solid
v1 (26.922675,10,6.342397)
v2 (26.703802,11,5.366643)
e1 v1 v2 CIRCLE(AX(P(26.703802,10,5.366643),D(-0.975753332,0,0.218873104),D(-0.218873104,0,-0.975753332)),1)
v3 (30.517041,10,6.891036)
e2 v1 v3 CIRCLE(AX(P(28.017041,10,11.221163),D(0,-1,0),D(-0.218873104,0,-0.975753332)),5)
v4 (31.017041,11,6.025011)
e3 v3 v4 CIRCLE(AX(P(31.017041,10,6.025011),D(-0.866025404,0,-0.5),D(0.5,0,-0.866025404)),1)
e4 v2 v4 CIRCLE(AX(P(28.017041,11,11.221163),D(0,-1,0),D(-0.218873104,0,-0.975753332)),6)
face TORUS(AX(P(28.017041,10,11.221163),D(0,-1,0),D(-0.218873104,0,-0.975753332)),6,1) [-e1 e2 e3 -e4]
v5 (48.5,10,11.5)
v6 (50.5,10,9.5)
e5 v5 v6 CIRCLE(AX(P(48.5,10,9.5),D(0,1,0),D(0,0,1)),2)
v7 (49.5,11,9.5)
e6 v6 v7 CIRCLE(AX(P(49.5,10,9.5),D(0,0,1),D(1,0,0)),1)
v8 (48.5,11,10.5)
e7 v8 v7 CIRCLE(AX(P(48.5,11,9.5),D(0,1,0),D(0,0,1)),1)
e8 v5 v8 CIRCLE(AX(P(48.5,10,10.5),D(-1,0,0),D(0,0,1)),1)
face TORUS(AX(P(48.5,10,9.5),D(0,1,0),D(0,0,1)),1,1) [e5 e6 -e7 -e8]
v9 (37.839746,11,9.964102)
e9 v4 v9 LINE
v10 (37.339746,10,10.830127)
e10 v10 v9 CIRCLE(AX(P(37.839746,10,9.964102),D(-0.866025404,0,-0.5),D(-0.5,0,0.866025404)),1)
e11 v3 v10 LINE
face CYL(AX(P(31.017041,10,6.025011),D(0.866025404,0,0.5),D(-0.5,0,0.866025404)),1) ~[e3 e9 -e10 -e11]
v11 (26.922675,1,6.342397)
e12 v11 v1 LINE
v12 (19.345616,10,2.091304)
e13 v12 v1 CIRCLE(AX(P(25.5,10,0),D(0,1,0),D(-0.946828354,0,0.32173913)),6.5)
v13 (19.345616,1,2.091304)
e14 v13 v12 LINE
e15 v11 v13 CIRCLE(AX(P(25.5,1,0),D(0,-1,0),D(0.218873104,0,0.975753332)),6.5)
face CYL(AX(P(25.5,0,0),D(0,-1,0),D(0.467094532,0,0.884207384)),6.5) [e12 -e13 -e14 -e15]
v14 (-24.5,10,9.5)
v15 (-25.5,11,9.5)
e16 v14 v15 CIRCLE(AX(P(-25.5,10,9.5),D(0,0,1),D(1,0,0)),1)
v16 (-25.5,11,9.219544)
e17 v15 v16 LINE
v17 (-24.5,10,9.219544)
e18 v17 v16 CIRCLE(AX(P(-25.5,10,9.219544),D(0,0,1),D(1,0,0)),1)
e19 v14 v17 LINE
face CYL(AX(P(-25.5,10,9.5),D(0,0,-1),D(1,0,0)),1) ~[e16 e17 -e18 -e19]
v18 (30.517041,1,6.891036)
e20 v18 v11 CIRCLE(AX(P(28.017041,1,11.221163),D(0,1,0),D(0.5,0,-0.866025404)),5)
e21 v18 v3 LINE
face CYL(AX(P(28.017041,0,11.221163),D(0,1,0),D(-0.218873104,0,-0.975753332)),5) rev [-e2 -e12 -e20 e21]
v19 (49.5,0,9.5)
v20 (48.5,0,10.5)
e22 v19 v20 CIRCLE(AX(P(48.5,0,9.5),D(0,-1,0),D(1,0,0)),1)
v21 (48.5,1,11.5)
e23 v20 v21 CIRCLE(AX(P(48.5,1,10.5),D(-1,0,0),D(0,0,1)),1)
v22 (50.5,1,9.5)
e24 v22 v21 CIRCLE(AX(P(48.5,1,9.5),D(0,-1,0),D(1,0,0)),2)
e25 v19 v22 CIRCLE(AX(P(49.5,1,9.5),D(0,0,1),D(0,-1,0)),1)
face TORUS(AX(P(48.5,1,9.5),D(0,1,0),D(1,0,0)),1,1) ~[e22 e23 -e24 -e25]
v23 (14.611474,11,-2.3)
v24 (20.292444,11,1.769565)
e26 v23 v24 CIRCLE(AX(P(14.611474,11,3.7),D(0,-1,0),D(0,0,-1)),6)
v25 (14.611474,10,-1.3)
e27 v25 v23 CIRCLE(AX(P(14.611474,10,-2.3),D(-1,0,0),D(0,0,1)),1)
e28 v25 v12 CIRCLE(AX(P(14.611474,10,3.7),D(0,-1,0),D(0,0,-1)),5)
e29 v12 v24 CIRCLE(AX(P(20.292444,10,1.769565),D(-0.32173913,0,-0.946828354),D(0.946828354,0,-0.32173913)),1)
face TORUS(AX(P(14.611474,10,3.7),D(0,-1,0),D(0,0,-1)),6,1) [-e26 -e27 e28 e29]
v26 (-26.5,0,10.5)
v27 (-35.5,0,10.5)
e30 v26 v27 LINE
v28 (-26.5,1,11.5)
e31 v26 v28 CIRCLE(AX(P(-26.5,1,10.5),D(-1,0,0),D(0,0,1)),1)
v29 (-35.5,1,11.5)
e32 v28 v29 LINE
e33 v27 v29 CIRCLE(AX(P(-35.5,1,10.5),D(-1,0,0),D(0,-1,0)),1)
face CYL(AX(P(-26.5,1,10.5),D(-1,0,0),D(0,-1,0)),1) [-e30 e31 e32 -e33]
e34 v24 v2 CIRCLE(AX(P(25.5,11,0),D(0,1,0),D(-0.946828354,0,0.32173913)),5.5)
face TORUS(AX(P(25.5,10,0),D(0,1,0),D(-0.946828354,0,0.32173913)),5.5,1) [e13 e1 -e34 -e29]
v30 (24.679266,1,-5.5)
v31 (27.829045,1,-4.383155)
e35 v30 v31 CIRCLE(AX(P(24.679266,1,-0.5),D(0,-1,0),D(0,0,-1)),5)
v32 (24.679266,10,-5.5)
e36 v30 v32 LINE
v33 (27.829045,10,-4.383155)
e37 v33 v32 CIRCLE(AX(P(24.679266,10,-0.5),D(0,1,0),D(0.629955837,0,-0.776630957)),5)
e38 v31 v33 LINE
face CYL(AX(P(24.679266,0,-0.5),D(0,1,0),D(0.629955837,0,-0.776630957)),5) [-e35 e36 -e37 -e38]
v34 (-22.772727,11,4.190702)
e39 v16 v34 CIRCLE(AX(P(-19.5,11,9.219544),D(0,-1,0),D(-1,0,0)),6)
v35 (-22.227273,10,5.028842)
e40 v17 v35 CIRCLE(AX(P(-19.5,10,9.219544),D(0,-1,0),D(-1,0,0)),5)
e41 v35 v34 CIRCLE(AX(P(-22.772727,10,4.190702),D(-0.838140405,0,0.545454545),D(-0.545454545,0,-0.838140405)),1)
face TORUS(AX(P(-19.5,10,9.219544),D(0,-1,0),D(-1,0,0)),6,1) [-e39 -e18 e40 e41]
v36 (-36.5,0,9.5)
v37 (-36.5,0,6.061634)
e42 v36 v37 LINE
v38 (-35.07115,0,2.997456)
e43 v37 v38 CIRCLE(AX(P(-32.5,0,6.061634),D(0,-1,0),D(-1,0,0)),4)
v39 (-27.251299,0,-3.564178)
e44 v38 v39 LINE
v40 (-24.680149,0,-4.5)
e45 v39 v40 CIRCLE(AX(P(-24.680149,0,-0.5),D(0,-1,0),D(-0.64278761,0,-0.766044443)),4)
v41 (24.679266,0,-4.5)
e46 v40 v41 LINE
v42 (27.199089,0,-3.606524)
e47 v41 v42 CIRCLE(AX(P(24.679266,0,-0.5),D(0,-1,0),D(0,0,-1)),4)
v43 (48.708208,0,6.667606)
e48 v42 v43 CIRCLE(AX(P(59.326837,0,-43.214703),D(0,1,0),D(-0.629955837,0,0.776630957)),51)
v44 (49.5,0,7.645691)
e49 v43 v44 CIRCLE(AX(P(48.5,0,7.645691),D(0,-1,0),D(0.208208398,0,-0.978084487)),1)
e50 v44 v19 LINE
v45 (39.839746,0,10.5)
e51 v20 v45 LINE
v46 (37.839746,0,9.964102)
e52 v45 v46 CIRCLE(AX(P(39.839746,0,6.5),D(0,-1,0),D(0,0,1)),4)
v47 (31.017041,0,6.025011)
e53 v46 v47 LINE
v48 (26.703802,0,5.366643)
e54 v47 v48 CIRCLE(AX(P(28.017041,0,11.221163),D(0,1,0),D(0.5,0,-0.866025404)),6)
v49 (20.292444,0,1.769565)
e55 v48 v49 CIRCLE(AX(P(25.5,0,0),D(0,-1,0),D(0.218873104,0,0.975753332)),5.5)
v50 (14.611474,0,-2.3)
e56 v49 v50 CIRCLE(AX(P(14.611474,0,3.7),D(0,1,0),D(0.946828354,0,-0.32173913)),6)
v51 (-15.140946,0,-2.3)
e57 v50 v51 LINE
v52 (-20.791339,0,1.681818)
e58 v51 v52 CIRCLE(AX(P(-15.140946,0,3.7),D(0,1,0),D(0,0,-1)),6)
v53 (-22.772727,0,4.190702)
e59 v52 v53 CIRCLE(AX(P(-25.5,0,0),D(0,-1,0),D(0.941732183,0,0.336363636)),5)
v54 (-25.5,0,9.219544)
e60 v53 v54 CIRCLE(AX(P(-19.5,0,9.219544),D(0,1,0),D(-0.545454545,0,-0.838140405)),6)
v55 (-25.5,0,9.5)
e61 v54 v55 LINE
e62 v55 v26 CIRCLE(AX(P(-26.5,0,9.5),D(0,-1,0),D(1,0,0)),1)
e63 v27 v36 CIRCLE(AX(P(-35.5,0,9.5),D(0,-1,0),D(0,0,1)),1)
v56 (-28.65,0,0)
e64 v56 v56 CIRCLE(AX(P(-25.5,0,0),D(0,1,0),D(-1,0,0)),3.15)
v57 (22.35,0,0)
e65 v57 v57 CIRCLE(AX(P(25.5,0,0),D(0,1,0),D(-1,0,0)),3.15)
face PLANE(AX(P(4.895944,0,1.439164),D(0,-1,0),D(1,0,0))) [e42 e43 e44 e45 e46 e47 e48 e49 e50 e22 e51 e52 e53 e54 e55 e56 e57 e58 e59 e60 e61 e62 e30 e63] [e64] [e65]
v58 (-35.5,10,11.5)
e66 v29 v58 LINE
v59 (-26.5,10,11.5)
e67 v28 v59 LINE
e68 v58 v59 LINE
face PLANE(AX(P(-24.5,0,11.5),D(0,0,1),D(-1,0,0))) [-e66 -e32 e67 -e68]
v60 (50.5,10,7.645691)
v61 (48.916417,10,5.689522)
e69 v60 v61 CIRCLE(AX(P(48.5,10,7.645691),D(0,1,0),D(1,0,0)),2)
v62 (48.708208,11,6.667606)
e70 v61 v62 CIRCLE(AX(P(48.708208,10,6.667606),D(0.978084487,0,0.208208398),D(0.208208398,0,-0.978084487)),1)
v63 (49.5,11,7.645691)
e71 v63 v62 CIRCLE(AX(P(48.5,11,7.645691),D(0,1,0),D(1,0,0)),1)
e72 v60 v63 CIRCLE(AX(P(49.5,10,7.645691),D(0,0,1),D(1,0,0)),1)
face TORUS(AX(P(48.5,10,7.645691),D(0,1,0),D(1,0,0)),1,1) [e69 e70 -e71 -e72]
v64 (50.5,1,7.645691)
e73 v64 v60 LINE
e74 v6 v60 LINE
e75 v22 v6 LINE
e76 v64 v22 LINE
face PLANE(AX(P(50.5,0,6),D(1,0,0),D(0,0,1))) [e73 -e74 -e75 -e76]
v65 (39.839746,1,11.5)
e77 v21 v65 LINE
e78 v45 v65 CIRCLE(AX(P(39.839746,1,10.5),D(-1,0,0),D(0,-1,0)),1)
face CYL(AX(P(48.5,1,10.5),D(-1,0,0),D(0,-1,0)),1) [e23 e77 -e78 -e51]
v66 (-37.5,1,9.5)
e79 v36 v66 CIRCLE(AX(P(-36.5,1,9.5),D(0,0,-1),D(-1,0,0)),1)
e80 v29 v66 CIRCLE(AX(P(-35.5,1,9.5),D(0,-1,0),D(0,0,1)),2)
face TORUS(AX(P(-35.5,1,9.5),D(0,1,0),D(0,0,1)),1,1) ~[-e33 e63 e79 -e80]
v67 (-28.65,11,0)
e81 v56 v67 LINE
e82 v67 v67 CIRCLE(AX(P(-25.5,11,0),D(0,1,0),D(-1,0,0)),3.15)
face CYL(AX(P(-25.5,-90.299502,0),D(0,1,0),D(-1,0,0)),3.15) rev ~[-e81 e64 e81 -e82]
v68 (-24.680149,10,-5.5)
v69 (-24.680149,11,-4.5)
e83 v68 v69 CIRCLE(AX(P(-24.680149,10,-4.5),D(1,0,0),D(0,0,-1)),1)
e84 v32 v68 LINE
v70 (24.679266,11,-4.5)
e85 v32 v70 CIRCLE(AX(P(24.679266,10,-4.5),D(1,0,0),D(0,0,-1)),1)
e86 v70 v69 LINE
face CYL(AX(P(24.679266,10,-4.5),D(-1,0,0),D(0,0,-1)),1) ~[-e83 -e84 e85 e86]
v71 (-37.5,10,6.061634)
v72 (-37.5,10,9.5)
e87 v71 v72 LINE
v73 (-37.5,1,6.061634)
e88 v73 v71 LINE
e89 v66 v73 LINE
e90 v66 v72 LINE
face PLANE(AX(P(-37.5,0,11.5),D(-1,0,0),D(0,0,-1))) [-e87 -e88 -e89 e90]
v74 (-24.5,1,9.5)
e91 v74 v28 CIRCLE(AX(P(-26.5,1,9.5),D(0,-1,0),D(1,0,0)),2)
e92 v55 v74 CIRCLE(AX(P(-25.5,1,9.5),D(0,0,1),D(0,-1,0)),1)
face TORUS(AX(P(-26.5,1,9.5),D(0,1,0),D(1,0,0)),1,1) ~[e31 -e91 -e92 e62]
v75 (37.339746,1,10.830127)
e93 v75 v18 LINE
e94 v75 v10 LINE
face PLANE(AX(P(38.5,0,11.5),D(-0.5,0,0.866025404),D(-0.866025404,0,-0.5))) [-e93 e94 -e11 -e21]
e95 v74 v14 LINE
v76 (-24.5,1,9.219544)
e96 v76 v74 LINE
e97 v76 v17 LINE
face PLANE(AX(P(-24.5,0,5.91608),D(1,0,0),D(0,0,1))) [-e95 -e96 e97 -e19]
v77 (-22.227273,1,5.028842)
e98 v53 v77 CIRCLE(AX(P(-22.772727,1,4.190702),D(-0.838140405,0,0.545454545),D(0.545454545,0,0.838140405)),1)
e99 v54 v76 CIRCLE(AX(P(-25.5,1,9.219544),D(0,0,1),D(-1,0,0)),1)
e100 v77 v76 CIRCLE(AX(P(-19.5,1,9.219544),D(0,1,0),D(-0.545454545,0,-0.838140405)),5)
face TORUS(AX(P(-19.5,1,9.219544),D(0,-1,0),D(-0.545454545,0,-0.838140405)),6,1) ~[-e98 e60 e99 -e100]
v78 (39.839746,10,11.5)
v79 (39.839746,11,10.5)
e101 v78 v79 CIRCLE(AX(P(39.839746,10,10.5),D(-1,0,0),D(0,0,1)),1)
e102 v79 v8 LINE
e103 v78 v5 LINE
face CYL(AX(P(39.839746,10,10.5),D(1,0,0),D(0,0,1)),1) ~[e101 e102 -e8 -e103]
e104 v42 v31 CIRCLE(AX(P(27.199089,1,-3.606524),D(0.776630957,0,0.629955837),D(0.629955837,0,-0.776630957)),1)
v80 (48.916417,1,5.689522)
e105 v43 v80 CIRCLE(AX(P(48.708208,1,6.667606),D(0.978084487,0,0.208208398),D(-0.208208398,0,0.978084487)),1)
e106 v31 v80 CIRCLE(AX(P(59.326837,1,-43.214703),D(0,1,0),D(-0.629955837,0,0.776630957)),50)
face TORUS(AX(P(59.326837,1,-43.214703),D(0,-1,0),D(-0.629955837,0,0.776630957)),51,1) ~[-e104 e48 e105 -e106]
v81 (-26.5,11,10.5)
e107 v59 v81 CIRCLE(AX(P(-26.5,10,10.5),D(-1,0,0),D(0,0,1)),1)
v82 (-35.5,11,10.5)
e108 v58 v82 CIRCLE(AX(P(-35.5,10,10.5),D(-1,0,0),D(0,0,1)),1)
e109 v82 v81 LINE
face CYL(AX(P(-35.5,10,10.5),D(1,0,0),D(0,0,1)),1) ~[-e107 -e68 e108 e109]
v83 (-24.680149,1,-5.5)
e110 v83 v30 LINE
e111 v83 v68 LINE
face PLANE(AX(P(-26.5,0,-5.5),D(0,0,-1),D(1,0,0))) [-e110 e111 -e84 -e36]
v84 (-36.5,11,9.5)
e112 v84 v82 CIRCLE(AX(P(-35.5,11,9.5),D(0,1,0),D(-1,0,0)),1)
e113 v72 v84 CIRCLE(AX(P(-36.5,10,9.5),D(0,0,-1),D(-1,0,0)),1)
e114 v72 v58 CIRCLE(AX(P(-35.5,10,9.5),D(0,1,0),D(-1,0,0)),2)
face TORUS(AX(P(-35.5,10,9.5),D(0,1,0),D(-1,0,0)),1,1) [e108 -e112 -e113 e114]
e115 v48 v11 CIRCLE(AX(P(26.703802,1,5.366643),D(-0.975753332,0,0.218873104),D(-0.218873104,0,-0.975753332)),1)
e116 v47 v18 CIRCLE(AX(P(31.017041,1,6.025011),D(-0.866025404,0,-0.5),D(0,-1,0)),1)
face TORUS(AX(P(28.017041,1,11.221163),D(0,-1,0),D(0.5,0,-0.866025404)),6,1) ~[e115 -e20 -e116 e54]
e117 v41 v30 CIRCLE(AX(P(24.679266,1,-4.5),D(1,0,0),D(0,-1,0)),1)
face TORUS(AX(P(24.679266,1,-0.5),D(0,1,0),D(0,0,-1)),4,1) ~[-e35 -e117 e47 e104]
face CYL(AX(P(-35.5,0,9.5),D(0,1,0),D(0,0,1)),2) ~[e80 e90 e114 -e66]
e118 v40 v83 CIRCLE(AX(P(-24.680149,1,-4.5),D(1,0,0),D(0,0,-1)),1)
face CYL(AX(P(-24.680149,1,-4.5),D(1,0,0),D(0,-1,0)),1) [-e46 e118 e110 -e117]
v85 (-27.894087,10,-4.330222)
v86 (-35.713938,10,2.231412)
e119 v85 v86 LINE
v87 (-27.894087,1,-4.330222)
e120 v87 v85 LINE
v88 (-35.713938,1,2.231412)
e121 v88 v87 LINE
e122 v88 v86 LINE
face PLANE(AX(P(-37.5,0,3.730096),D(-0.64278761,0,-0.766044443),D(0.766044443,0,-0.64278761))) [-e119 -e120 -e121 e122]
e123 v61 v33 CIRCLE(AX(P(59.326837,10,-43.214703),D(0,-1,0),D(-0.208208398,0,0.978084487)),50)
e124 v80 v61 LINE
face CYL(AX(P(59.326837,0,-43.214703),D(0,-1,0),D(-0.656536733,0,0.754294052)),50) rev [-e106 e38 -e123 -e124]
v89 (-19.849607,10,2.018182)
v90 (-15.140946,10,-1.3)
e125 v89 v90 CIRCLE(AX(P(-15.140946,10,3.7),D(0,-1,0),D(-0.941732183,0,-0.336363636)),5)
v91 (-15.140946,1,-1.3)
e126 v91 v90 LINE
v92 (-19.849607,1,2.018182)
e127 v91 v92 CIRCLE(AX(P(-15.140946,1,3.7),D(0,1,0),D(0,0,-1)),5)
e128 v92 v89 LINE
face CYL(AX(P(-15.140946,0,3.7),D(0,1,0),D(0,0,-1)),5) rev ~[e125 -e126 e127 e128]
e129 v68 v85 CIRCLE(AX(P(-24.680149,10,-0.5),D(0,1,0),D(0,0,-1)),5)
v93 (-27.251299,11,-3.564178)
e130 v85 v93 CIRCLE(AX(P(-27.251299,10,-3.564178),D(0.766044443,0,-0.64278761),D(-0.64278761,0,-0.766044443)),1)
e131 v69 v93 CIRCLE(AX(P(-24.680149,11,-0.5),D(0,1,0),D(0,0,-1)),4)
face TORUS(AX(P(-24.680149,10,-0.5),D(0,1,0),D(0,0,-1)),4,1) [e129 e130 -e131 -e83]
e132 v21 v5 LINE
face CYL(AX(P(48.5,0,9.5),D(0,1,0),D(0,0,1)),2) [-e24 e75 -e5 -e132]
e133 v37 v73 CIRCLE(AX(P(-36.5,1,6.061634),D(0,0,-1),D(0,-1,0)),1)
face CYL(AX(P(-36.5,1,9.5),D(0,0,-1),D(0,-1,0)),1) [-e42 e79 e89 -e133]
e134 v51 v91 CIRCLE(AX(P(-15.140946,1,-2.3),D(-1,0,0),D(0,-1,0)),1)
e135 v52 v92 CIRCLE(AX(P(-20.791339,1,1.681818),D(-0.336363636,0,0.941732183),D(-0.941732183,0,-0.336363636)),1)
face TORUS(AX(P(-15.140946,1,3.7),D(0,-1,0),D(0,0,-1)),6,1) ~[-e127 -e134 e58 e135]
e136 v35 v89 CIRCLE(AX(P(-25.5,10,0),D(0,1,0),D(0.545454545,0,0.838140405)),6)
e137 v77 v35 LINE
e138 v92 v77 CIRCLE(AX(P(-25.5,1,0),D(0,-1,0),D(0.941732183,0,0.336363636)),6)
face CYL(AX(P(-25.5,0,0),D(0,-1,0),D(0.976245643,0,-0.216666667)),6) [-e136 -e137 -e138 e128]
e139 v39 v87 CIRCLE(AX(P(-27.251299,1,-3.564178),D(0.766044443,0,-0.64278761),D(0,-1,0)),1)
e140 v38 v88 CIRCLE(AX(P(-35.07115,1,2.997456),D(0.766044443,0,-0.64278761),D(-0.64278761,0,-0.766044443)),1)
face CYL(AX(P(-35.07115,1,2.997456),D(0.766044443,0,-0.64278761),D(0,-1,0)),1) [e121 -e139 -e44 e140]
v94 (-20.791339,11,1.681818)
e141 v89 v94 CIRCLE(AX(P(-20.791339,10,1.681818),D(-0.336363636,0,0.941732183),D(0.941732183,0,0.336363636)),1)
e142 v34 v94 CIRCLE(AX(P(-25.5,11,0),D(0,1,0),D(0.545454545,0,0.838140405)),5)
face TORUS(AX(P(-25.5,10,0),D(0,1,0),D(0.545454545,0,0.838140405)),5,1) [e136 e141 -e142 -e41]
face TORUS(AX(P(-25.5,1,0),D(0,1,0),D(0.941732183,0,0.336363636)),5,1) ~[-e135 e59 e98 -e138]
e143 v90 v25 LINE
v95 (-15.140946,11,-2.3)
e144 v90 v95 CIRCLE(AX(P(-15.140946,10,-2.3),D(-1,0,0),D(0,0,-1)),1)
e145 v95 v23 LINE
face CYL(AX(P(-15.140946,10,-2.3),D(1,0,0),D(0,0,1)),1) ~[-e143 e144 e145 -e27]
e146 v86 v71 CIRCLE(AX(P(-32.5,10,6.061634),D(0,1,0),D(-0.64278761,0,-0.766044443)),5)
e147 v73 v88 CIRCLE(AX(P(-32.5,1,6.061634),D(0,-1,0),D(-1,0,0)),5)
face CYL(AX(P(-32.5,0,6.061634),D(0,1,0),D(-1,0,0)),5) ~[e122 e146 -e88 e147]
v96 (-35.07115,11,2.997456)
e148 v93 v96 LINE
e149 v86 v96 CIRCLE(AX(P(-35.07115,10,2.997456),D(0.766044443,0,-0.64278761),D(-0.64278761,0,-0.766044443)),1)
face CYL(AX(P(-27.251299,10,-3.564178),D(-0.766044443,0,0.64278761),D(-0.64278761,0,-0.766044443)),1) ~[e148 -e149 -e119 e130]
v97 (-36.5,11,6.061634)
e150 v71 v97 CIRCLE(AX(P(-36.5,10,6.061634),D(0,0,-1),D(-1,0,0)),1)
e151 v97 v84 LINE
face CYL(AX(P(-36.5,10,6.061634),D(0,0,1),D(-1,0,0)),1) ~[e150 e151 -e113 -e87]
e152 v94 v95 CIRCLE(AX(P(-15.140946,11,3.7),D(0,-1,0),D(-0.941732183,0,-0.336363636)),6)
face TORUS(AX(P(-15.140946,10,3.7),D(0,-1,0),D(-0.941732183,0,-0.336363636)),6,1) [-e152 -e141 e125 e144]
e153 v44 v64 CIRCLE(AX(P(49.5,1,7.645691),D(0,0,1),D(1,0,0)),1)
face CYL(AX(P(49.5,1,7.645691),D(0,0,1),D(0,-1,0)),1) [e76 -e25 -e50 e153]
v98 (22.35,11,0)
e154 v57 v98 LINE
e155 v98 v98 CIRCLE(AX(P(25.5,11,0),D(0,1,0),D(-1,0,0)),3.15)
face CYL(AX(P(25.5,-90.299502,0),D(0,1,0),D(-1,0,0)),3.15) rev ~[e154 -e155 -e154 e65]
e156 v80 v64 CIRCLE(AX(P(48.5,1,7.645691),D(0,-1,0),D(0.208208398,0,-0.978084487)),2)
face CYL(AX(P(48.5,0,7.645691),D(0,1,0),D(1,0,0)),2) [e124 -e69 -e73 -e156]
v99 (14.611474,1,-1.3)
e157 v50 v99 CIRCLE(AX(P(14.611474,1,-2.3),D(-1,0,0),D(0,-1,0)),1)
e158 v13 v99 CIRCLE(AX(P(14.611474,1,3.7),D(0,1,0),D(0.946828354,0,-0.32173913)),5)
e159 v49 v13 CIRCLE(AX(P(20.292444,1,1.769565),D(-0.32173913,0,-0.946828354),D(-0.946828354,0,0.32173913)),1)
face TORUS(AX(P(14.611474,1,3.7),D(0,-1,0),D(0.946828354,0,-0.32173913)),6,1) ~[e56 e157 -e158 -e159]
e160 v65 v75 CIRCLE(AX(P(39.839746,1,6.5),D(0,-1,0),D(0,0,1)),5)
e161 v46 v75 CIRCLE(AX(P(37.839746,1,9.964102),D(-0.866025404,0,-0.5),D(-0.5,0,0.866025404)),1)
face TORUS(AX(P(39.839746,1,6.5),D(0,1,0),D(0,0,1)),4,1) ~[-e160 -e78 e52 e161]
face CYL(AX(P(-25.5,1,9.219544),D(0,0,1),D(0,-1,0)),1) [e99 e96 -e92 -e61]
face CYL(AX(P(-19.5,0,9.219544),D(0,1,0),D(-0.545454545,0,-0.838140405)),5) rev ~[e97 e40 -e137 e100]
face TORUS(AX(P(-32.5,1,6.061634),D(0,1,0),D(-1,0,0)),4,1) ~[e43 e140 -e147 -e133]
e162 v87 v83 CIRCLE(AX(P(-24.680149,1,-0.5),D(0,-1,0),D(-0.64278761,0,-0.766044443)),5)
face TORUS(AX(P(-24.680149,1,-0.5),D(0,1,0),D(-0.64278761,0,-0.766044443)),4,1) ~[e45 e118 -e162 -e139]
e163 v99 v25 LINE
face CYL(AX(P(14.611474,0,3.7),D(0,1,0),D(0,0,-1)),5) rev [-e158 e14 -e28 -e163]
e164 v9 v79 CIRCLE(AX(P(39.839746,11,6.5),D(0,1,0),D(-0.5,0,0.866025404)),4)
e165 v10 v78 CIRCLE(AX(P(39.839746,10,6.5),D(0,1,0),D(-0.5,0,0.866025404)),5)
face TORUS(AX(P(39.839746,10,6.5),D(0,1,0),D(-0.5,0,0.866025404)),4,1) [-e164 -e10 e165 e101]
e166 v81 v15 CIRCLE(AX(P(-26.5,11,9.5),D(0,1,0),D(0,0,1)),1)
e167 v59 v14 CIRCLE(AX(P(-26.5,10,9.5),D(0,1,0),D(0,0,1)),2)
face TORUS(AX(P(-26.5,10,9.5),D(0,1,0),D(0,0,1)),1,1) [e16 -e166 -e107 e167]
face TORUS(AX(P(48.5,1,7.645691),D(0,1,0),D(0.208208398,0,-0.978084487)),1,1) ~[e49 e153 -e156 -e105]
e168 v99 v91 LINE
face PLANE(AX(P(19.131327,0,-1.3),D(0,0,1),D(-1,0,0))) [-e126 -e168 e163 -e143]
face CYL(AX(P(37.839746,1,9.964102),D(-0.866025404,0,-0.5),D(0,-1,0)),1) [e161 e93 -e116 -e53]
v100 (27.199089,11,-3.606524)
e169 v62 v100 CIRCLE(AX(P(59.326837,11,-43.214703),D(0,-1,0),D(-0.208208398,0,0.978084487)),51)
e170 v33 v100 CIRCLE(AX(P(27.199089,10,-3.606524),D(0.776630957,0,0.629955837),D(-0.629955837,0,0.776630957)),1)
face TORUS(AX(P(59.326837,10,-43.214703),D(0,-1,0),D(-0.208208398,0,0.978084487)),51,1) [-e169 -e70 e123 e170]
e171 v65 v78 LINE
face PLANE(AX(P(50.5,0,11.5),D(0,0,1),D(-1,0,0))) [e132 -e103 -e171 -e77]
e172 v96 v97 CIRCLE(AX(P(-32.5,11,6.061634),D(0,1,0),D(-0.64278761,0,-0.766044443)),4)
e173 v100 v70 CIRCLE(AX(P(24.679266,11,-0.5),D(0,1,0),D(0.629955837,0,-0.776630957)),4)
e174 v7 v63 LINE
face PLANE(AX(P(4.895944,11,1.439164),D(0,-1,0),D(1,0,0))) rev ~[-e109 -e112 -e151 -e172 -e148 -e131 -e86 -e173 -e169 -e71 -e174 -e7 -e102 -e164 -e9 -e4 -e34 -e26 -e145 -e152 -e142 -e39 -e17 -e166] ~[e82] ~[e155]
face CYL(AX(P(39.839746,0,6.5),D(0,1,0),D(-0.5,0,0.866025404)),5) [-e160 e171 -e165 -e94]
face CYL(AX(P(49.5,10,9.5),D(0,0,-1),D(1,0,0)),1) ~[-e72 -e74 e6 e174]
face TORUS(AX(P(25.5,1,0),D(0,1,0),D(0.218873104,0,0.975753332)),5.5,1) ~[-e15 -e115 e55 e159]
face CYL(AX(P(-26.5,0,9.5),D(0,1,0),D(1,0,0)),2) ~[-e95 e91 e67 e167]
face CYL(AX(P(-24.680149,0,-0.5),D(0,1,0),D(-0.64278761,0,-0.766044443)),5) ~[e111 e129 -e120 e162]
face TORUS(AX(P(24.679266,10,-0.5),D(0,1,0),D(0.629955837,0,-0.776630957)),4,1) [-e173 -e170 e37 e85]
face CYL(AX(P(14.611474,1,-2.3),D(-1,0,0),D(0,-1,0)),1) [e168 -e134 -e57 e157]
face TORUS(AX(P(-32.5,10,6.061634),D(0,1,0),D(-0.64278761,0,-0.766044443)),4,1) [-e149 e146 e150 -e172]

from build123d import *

# Parameters (mm, degrees)
F1_DEPTH = 11
F2_D     = 6.3
F3_R     = 5
F4_R     = 2
F5_R     = 1


with BuildPart() as f1:
    # F0 (on Front) → F1 (new body)
    with BuildSketch(Plane.XZ):
        with BuildLine():
            Line((19.1313266688, -1.3), (-19.6425261418, -1.3))
            ThreePointArc((-19.6425261418, -1.3), (-20.5226323435, 3.3504941743), (-24.5, 5.9160797831))
            Line((-24.5, 5.9160797831), (-24.5, 11.5))
            Line((-24.5, 11.5), (-37.5, 11.5))
            Line((-37.5, 11.5), (-37.5, 3.730095943))
            Line((-37.5, 3.730095943), (-26.5, -5.5))
            Line((-26.5, -5.5), (26.5, -5.5))
            ThreePointArc((26.5, -5.5), (37.7208276523, 1.8760988126), (50.5, 6))
            Line((50.5, 6), (50.5, 11.5))
            Line((50.5, 11.5), (38.5, 11.5))
            Line((38.5, 11.5), (28.5361144551, 5.7473479985))
            ThreePointArc((28.5361144551, 5.7473479985), (21.6022101623, 5.2016568881), (19.1313266688, -1.3))
        make_face()
    extrude(amount=-F1_DEPTH)

    # F2 (through all)
    with Locations(Plane.XZ):
        with Locations((25.5, 0), (-25.5, 0)):
            Hole(F2_D / 2)

    # F3
    f3_edges = [f1.edges().sort_by_distance(p)[0] for p in [
        (-24.5, 5.5, 5.91608),
        (-19.642526, 5.5, -1.3),
        (19.131327, 5.5, -1.3),
        (28.536114, 5.5, 5.747348),
        (-37.5, 5.5, 3.730096),
        (-26.5, 5.5, -5.5),
        (26.5, 5.5, -5.5),
        (38.5, 5.5, 11.5),
    ]]
    fillet(f3_edges, radius=F3_R)

    # F4
    f4_edges = [f1.edges().sort_by_distance(p)[0] for p in [
        (-24.5, 5.5, 11.5),
        (-37.5, 5.5, 11.5),
        (50.5, 5.5, 11.5),
        (50.5, 5.5, 6),
    ]]
    fillet(f4_edges, radius=F4_R)

    # F5
    f5_edges = [f1.edges().sort_by_distance(p)[0] for p in [
        (28.771496, 11, 6.278411),
        (-0.264736, 0, -1.3),
    ]]
    fillet(f5_edges, radius=F5_R)


solid = f1.part
